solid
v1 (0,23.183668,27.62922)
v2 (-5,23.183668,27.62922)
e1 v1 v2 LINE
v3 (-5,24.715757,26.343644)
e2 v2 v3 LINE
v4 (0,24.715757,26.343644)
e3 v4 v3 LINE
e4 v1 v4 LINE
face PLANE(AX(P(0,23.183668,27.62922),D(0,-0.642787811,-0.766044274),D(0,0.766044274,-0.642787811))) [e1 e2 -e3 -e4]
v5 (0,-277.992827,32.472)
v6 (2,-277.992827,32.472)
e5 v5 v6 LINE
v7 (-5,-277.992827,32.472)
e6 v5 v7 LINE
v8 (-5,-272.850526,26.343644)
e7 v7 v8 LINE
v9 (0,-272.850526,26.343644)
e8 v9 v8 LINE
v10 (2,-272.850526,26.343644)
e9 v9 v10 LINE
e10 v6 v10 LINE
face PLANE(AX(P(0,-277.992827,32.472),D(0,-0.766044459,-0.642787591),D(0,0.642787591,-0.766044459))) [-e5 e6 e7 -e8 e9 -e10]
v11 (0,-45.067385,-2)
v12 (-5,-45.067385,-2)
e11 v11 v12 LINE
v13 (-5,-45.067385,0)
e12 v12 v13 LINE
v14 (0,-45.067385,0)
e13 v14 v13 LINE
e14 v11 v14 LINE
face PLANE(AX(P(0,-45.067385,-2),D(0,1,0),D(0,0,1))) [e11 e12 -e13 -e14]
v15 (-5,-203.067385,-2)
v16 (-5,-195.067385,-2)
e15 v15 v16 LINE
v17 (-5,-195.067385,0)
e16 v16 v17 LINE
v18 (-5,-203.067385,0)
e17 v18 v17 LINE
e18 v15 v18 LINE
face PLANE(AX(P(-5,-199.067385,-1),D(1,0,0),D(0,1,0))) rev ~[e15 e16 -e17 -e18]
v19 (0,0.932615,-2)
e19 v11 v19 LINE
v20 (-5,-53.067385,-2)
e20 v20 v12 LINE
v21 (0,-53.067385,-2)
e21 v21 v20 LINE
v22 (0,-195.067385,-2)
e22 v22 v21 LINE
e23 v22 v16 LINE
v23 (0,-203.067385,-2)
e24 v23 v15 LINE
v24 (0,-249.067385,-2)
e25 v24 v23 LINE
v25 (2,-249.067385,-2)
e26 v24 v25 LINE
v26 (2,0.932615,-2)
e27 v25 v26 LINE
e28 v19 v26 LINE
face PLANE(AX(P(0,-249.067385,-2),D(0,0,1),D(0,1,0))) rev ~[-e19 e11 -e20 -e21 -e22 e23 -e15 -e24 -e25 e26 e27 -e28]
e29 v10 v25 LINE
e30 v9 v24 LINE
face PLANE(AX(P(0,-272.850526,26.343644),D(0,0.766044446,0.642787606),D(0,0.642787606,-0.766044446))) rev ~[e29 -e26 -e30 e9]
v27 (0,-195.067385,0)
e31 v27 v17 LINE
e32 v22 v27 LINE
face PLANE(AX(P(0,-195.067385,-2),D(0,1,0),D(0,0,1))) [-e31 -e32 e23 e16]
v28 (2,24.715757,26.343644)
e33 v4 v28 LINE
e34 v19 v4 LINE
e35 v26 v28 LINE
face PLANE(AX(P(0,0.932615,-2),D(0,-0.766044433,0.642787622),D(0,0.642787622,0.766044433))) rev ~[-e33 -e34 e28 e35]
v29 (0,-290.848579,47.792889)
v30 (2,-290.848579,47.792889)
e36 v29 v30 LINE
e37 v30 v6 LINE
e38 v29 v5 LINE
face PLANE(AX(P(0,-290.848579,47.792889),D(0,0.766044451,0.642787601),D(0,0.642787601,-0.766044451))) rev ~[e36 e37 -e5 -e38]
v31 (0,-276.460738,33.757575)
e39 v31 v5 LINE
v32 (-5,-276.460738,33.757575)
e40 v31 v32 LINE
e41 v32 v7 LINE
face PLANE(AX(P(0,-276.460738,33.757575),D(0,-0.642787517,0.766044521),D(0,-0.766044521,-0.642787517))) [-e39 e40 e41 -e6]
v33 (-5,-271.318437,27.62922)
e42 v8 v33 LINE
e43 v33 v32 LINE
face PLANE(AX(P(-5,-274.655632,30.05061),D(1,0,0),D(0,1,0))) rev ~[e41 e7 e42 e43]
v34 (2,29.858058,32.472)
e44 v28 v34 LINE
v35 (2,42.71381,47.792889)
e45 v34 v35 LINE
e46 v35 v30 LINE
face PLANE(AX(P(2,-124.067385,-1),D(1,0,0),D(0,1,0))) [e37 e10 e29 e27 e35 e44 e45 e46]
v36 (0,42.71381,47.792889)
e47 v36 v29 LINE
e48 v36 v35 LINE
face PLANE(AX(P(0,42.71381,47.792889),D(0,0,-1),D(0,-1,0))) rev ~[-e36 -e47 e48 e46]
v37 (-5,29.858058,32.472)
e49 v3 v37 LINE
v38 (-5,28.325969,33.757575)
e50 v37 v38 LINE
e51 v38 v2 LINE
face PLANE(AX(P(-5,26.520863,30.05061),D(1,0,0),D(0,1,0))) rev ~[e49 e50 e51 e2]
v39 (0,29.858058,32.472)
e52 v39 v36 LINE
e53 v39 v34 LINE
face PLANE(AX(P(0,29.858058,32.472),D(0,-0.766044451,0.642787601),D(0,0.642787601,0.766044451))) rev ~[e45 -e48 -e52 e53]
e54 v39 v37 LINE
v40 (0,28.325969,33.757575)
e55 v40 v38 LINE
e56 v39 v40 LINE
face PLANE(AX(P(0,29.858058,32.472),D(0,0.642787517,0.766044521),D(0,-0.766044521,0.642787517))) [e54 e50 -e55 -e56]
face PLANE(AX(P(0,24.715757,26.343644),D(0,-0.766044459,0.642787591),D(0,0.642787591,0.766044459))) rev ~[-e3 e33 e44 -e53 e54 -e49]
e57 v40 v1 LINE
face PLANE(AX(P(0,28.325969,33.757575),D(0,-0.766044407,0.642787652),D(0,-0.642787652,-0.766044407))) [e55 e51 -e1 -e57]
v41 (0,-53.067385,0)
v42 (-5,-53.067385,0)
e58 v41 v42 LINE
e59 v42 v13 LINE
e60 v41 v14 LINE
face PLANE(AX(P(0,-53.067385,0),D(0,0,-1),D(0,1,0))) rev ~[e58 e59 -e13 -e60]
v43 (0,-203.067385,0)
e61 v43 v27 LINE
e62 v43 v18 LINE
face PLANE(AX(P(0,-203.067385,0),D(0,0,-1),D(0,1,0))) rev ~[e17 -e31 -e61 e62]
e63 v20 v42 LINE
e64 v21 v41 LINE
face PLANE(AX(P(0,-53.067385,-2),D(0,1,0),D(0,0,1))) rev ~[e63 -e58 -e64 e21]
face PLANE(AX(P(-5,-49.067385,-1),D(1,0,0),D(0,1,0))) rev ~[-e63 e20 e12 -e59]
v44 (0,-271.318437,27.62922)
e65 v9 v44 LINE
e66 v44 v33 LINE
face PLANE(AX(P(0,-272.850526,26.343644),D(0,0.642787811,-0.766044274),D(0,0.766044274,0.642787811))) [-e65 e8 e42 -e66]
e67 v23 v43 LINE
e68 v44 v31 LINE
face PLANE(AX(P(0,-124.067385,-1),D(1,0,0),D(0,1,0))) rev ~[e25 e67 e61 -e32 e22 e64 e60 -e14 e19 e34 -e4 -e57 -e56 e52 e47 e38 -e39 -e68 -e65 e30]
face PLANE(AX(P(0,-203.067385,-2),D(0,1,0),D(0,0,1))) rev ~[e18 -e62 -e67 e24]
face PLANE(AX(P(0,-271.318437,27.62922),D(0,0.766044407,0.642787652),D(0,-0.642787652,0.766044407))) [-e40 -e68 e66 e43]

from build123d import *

# Parameters (mm, degrees)
F0_W     = 142
F0_H     = 2
F0_W_2   = 8
F1_DEPTH = 2
F2_DEPTH = 5


with BuildPart() as f1:
    # F0 (on Right) → F1 (new body)
    with BuildSketch(Plane.YZ):
        with Locations((-124.067385, -1)):
            Rectangle(F0_W, F0_H)
        with Locations((-49.067385, -1)):
            Rectangle(F0_W_2, F0_H)
        Polygon((-203.067385, -2), (-203.067385, 0), (-248.134769, 0), (-271.318437, 27.62922), (-272.850526, 26.343644), (-249.067385, -2), align=None)
        with Locations((-199.067385, -1)):
            Rectangle(F0_W_2, F0_H)
        Polygon((-276.460738, 33.757575), (-288.237765, 47.792889), (-290.848579, 47.792889), (-277.992827, 32.472), align=None)
        Polygon((-271.318437, 27.62922), (-276.460738, 33.757575), (-277.992827, 32.472), (-272.850526, 26.343644), align=None)
        Polygon((23.183668, 27.62922), (0, 0), (-45.067385, 0), (-45.067385, -2), (0.932615, -2), (24.715757, 26.343644), align=None)
        Polygon((-45.067385, 0), (0, 0), (23.183668, 27.62922), (28.325969, 33.757575), (40.102995, 47.792889), (-288.237765, 47.792889), (-276.460738, 33.757575), (-271.318437, 27.62922), (-248.134769, 0), (-203.067385, 0), (-195.067385, 0), (-53.067385, 0), align=None)
        Polygon((28.325969, 33.757575), (23.183668, 27.62922), (24.715757, 26.343644), (29.858058, 32.472), align=None)
        Polygon((40.102995, 47.792889), (28.325969, 33.757575), (29.858058, 32.472), (42.71381, 47.792889), align=None)
    extrude(amount=F1_DEPTH)

    # F0 (on Right) → F2 (join)
    with BuildSketch(Plane.YZ):
        with Locations((-49.067385, -1)):
            Rectangle(F0_W_2, F0_H)
        with Locations((-199.067385, -1)):
            Rectangle(F0_W_2, F0_H)
        Polygon((-271.318437, 27.62922), (-276.460738, 33.757575), (-277.992827, 32.472), (-272.850526, 26.343644), align=None)
        Polygon((28.325969, 33.757575), (23.183668, 27.62922), (24.715757, 26.343644), (29.858058, 32.472), align=None)
    extrude(amount=-F2_DEPTH)


solid = f1.part
